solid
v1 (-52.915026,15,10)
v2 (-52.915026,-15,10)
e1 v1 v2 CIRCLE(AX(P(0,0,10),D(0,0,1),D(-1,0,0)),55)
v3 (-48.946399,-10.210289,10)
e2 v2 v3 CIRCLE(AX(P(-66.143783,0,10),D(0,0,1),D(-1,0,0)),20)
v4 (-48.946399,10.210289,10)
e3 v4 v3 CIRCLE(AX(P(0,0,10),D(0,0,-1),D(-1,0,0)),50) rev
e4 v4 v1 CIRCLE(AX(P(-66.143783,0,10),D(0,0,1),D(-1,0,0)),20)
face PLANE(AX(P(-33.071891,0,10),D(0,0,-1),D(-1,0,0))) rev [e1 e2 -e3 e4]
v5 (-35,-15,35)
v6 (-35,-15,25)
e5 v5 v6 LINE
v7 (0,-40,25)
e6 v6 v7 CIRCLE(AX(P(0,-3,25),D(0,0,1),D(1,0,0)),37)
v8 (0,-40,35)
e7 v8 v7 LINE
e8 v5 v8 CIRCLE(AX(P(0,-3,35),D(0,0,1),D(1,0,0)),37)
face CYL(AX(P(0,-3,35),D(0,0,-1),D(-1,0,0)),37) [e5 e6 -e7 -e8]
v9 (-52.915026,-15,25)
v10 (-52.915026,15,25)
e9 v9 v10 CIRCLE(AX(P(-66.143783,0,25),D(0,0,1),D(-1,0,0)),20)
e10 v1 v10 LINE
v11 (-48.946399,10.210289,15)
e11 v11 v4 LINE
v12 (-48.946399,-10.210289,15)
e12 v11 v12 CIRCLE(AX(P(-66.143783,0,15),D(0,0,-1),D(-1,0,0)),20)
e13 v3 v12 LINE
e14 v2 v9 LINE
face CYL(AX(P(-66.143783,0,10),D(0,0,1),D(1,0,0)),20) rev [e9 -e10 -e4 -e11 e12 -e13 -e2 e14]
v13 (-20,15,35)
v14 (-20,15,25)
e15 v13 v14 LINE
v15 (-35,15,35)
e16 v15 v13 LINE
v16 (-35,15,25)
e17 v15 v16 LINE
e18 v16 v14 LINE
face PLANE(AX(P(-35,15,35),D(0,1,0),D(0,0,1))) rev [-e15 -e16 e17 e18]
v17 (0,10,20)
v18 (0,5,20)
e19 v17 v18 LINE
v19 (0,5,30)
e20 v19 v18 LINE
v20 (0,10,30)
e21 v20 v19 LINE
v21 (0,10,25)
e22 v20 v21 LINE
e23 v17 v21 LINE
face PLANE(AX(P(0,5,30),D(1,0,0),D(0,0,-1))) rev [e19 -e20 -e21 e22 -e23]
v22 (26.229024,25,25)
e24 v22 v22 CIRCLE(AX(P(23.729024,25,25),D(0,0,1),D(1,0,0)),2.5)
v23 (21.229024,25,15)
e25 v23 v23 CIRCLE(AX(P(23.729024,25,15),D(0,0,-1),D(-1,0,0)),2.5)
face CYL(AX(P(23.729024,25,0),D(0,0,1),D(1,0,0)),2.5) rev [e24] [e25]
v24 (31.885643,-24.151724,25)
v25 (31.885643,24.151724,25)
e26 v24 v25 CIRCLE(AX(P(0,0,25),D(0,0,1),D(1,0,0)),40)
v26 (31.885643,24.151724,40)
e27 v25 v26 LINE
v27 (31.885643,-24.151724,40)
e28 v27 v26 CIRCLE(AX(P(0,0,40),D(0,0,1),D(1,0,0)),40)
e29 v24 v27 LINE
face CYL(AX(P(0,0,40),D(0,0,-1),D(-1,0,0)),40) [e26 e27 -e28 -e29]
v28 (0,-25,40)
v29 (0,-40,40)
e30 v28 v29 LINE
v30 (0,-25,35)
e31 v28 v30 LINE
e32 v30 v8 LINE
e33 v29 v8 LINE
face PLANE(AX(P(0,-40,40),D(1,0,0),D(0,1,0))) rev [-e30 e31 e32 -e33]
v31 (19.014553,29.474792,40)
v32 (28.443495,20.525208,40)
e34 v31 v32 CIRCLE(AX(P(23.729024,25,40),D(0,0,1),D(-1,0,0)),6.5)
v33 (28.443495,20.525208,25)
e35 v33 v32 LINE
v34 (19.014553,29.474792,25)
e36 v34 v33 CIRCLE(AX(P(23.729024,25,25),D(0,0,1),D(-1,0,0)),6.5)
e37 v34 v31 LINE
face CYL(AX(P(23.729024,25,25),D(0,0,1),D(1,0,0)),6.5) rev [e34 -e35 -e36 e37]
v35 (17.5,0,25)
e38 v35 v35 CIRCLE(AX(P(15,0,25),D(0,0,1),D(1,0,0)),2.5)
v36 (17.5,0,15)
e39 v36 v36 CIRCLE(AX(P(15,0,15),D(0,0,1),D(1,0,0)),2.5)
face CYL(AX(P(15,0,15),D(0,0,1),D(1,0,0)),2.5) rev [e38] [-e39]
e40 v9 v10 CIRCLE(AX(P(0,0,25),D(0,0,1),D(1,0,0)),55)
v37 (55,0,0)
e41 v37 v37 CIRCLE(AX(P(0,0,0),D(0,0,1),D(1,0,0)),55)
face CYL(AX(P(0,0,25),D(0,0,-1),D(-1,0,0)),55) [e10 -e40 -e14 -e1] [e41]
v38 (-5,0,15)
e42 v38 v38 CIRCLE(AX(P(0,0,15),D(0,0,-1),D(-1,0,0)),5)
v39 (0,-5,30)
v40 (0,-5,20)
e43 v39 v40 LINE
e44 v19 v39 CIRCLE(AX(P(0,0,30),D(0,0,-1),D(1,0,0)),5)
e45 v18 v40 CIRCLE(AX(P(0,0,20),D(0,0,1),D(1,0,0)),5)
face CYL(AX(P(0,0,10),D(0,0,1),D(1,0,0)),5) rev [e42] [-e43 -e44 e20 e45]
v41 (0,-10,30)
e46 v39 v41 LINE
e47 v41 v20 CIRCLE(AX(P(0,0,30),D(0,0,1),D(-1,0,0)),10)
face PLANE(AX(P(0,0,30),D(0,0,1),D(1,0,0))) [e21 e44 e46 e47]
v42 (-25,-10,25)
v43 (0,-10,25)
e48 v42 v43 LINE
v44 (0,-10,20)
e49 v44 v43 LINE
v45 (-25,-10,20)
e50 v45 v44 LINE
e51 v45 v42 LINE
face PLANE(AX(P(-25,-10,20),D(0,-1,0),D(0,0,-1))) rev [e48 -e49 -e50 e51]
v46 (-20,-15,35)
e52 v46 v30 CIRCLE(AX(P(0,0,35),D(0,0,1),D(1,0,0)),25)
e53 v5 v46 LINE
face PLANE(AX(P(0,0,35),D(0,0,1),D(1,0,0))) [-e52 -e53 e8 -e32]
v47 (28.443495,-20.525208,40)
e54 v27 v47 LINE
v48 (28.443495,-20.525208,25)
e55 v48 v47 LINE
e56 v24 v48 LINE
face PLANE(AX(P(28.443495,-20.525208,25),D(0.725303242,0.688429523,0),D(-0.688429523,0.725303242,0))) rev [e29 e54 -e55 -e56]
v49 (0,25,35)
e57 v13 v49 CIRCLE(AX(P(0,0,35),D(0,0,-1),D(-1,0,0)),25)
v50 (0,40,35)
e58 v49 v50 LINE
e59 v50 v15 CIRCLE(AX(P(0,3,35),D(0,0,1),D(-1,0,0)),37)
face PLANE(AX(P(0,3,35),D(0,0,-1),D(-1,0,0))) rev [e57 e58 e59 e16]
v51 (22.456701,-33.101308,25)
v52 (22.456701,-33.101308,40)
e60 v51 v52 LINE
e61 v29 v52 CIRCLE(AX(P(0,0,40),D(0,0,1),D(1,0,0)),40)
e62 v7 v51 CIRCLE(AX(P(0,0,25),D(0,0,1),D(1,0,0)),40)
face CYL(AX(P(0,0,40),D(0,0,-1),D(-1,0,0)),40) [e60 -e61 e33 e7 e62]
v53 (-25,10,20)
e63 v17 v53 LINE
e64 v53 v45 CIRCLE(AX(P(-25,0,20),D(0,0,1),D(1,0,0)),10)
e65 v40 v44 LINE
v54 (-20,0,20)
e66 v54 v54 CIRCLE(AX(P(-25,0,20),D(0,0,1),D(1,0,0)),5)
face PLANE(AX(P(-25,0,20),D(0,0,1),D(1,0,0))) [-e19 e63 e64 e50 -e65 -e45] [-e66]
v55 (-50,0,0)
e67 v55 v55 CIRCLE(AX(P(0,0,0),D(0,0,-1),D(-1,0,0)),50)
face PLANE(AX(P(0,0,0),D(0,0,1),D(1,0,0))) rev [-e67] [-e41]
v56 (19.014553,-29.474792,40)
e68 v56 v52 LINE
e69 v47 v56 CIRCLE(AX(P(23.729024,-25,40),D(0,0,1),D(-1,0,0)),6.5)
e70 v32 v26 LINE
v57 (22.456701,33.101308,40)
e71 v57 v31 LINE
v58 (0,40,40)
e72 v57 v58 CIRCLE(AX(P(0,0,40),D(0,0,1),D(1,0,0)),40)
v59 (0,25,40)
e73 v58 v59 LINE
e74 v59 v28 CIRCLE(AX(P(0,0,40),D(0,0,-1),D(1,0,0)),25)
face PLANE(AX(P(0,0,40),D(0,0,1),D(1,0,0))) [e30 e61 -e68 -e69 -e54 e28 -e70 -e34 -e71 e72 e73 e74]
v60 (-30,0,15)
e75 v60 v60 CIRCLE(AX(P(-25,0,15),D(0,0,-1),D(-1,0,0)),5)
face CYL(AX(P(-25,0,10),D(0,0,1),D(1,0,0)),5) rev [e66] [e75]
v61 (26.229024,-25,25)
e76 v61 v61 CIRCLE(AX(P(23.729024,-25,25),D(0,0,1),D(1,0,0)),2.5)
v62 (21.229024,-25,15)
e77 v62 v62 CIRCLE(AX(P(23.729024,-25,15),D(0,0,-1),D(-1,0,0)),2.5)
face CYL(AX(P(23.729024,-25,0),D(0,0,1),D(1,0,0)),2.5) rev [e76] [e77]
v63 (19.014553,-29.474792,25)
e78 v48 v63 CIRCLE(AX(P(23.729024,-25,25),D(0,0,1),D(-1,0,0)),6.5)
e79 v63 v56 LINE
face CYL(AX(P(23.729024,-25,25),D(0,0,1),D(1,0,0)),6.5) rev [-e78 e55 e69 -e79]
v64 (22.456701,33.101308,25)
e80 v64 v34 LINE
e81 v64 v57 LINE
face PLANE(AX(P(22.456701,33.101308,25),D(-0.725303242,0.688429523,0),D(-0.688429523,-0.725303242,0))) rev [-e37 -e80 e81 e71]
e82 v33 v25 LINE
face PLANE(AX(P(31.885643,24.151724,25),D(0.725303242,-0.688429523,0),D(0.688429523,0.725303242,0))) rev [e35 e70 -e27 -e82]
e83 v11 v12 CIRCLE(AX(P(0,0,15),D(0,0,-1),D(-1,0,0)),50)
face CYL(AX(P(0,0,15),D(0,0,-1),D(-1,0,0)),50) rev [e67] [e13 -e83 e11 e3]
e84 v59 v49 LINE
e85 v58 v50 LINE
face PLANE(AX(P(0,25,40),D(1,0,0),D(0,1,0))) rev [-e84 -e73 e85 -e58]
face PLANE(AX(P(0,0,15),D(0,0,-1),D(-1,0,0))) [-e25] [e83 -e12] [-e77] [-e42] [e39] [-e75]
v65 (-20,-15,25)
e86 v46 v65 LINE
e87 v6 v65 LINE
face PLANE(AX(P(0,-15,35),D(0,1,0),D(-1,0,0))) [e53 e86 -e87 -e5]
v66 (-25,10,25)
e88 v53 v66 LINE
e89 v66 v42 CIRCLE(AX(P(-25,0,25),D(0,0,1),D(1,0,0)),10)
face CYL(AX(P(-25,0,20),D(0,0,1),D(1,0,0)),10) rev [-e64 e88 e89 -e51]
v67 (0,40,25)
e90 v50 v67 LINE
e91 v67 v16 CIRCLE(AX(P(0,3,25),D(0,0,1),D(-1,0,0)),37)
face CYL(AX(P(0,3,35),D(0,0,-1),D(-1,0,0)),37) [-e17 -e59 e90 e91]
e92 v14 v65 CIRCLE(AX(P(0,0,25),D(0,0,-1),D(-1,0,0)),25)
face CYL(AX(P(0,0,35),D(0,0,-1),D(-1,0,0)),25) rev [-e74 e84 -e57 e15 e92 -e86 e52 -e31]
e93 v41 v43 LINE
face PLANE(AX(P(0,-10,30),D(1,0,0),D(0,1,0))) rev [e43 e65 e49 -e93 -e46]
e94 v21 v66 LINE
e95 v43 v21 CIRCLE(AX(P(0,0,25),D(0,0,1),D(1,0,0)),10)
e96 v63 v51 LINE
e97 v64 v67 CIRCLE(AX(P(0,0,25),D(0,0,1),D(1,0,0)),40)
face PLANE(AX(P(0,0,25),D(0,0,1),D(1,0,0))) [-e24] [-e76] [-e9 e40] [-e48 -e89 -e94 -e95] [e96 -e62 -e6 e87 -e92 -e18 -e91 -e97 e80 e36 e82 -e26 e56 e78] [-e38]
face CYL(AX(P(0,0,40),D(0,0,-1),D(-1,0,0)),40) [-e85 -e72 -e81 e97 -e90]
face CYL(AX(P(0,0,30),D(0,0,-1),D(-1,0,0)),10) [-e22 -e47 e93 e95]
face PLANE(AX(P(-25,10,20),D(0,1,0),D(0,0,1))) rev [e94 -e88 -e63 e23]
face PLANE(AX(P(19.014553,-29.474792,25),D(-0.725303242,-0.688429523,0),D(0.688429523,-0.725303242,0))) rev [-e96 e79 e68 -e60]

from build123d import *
from build123d.topology import SkipClean

# Parameters (mm, degrees)
SKETCH3_R           = 55
BOSS_EXTRUDE2_DEPTH = 25
SKETCH4_R           = 50
CUT_EXTRUDE1_DEPTH  = 15
CUT_EXTRUDE2_START  = -15
CUT_EXTRUDE2_DEPTH  = 15
BOSS_EXTRUDE3_DEPTH = 10
BOSS_EXTRUDE4_DEPTH = 10
BOSS_EXTRUDE5_DEPTH = 15
CUT_EXTRUDE4_START  = -15
CUT_EXTRUDE4_DEPTH  = 15
SKETCH11_R          = 2.5
CUT_EXTRUDE7_DEPTH  = 25
SKETCH12_R          = 2.5
CUT_EXTRUDE9_DEPTH  = 10
CUT_EXTRUDE12_DEPTH = 5
SKETCH14_R          = 5
CUT_EXTRUDE13_DEPTH = 10
BOSS_EXTRUDE6_START = 10
BOSS_EXTRUDE6_DEPTH = 10


with BuildPart() as part:
    # Sketch3 → Boss-Extrude2 (new body)
    with BuildSketch(Plane.XY):
        Circle(SKETCH3_R)
    extrude(amount=BOSS_EXTRUDE2_DEPTH)

    # Sketch4 → Cut-Extrude1 (cut)
    with BuildSketch(Plane(origin=(0, 0, 0), x_dir=(-1, 0, 0), z_dir=(0, 0, -1))):
        Circle(SKETCH4_R)
    extrude(amount=-CUT_EXTRUDE1_DEPTH, mode=Mode.SUBTRACT)

    # Sketch5 → Cut-Extrude2 (cut)
    with BuildSketch(Plane.XY.offset(25).offset(CUT_EXTRUDE2_START)):
        with BuildLine():
            ThreePointArc((-52.915026221, 15), (-46.143782777, 0), (-52.915026221, -15))
            ThreePointArc((-52.915026221, -15), (-55, 0), (-52.915026221, 15))
        make_face()
    extrude(amount=CUT_EXTRUDE2_DEPTH, mode=Mode.SUBTRACT)

    # Sketch6 → Boss-Extrude3 (add)
    with BuildSketch(Plane.XY.offset(25)):
        with BuildLine():
            Line((-35, 15), (-20, 15))
            ThreePointArc((-20, 15), (-11.180339887, 22.360679775), (0, 25))
            Line((0, 25), (0, 40))
            ThreePointArc((0, 40), (-21.505813168, 33.108138435), (-35, 15))
        make_face()
    extrude(amount=BOSS_EXTRUDE3_DEPTH)

    # Sketch7 → Boss-Extrude4 (add)
    with BuildSketch(Plane.XY.offset(25)):
        with BuildLine():
            Line((-35, -15), (-20, -15))
            ThreePointArc((-20, -15), (-11.180339887, -22.360679775), (0, -25))
            Line((0, -25), (0, -40))
            ThreePointArc((0, -40), (-21.505813168, -33.108138435), (-35, -15))
        make_face()
    extrude(amount=BOSS_EXTRUDE4_DEPTH)

    # Sketch8 → Boss-Extrude5 (add)
    with SkipClean():  # the faces are left unmerged after this step: merging them gives an invalid solid
        with BuildSketch(Plane.XY.offset(25)):
            with BuildLine():
                Line((0, -40), (0, -25))
                ThreePointArc((0, -25), (25, 0), (0, 25))
                Line((0, 25), (0, 40))
                ThreePointArc((0, 40), (40, 0), (0, -40))
            make_face()
        extrude(amount=BOSS_EXTRUDE5_DEPTH)

    # Sketch9 → Cut-Extrude4 (cut)
    with SkipClean():  # the faces are left unmerged after this step: merging them gives an invalid solid
        with BuildSketch(Plane.XY.offset(40).offset(CUT_EXTRUDE4_START)):
            with BuildLine():
                Line((19.014552984, -29.474791897), (22.456700597, -33.101308106))
                ThreePointArc((22.456700597, -33.101308106), (27.537180907, -29.012129665), (31.885642738, -24.151724311))
                Line((31.885642738, -24.151724311), (28.443495125, -20.525208103))
                ThreePointArc((28.443495125, -20.525208103), (19.254232157, -20.285528929), (19.014552984, -29.474791897))
            make_face()
            with BuildLine():
                Line((22.456700597, 33.101308106), (19.014552984, 29.474791897))
                ThreePointArc((19.014552984, 29.474791897), (19.254232157, 20.285528929), (28.443495125, 20.525208103))
                Line((28.443495125, 20.525208103), (31.885642738, 24.151724311))
                ThreePointArc((31.885642738, 24.151724311), (27.537180907, 29.012129665), (22.456700597, 33.101308106))
            make_face()
        extrude(amount=CUT_EXTRUDE4_DEPTH, mode=Mode.SUBTRACT)

    # Sketch11 → Cut-Extrude7 (cut)
    with SkipClean():  # the faces are left unmerged after this step: merging them gives an invalid solid
        with BuildSketch(Plane.XY.offset(25)):
            with Locations((23.729024054, -25)):
                Circle(SKETCH11_R)
            with Locations((23.729024054, 25)):
                Circle(SKETCH11_R)
        extrude(amount=-CUT_EXTRUDE7_DEPTH, mode=Mode.SUBTRACT)

    # Sketch12 → Cut-Extrude9 (cut)
    with SkipClean():  # the faces are left unmerged after this step: merging them gives an invalid solid
        with BuildSketch(Plane.XY.offset(25)):
            with Locations((15, 0)):
                Circle(SKETCH12_R)
        extrude(amount=-CUT_EXTRUDE9_DEPTH, mode=Mode.SUBTRACT)

    # Sketch13 → Cut-Extrude12 (cut)
    with SkipClean():  # the faces are left unmerged after this step: merging them gives an invalid solid
        with BuildSketch(Plane.XY.offset(25)):
            with BuildLine():
                Line((-25, 10), (0, 10))
                ThreePointArc((0, 10), (10, 0), (0, -10))
                Line((0, -10), (-25, -10))
                ThreePointArc((-25, -10), (-35, 0), (-25, 10))
            make_face()
        extrude(amount=-CUT_EXTRUDE12_DEPTH, mode=Mode.SUBTRACT)

    # Sketch14 → Cut-Extrude13 (cut)
    with SkipClean():  # the faces are left unmerged after this step: merging them gives an invalid solid
        with BuildSketch(Plane.XY.offset(20)):
            with Locations((-25, 0)):
                Circle(SKETCH14_R)
            Circle(SKETCH14_R)
        extrude(amount=-CUT_EXTRUDE13_DEPTH, mode=Mode.SUBTRACT)

    # Sketch15 → Boss-Extrude6 (add)
    with SkipClean():  # the faces are left unmerged after this step: merging them gives an invalid solid
        with BuildSketch(Plane.XY.offset(20).offset(BOSS_EXTRUDE6_START)):
            with BuildLine():
                Line((0, 5), (0, 10))
                ThreePointArc((0, 10), (10, 0), (0, -10))
                Line((0, -10), (0, -5))
                ThreePointArc((0, -5), (5, 0), (0, 5))
            make_face()
        extrude(amount=-BOSS_EXTRUDE6_DEPTH)


solid = part.part
